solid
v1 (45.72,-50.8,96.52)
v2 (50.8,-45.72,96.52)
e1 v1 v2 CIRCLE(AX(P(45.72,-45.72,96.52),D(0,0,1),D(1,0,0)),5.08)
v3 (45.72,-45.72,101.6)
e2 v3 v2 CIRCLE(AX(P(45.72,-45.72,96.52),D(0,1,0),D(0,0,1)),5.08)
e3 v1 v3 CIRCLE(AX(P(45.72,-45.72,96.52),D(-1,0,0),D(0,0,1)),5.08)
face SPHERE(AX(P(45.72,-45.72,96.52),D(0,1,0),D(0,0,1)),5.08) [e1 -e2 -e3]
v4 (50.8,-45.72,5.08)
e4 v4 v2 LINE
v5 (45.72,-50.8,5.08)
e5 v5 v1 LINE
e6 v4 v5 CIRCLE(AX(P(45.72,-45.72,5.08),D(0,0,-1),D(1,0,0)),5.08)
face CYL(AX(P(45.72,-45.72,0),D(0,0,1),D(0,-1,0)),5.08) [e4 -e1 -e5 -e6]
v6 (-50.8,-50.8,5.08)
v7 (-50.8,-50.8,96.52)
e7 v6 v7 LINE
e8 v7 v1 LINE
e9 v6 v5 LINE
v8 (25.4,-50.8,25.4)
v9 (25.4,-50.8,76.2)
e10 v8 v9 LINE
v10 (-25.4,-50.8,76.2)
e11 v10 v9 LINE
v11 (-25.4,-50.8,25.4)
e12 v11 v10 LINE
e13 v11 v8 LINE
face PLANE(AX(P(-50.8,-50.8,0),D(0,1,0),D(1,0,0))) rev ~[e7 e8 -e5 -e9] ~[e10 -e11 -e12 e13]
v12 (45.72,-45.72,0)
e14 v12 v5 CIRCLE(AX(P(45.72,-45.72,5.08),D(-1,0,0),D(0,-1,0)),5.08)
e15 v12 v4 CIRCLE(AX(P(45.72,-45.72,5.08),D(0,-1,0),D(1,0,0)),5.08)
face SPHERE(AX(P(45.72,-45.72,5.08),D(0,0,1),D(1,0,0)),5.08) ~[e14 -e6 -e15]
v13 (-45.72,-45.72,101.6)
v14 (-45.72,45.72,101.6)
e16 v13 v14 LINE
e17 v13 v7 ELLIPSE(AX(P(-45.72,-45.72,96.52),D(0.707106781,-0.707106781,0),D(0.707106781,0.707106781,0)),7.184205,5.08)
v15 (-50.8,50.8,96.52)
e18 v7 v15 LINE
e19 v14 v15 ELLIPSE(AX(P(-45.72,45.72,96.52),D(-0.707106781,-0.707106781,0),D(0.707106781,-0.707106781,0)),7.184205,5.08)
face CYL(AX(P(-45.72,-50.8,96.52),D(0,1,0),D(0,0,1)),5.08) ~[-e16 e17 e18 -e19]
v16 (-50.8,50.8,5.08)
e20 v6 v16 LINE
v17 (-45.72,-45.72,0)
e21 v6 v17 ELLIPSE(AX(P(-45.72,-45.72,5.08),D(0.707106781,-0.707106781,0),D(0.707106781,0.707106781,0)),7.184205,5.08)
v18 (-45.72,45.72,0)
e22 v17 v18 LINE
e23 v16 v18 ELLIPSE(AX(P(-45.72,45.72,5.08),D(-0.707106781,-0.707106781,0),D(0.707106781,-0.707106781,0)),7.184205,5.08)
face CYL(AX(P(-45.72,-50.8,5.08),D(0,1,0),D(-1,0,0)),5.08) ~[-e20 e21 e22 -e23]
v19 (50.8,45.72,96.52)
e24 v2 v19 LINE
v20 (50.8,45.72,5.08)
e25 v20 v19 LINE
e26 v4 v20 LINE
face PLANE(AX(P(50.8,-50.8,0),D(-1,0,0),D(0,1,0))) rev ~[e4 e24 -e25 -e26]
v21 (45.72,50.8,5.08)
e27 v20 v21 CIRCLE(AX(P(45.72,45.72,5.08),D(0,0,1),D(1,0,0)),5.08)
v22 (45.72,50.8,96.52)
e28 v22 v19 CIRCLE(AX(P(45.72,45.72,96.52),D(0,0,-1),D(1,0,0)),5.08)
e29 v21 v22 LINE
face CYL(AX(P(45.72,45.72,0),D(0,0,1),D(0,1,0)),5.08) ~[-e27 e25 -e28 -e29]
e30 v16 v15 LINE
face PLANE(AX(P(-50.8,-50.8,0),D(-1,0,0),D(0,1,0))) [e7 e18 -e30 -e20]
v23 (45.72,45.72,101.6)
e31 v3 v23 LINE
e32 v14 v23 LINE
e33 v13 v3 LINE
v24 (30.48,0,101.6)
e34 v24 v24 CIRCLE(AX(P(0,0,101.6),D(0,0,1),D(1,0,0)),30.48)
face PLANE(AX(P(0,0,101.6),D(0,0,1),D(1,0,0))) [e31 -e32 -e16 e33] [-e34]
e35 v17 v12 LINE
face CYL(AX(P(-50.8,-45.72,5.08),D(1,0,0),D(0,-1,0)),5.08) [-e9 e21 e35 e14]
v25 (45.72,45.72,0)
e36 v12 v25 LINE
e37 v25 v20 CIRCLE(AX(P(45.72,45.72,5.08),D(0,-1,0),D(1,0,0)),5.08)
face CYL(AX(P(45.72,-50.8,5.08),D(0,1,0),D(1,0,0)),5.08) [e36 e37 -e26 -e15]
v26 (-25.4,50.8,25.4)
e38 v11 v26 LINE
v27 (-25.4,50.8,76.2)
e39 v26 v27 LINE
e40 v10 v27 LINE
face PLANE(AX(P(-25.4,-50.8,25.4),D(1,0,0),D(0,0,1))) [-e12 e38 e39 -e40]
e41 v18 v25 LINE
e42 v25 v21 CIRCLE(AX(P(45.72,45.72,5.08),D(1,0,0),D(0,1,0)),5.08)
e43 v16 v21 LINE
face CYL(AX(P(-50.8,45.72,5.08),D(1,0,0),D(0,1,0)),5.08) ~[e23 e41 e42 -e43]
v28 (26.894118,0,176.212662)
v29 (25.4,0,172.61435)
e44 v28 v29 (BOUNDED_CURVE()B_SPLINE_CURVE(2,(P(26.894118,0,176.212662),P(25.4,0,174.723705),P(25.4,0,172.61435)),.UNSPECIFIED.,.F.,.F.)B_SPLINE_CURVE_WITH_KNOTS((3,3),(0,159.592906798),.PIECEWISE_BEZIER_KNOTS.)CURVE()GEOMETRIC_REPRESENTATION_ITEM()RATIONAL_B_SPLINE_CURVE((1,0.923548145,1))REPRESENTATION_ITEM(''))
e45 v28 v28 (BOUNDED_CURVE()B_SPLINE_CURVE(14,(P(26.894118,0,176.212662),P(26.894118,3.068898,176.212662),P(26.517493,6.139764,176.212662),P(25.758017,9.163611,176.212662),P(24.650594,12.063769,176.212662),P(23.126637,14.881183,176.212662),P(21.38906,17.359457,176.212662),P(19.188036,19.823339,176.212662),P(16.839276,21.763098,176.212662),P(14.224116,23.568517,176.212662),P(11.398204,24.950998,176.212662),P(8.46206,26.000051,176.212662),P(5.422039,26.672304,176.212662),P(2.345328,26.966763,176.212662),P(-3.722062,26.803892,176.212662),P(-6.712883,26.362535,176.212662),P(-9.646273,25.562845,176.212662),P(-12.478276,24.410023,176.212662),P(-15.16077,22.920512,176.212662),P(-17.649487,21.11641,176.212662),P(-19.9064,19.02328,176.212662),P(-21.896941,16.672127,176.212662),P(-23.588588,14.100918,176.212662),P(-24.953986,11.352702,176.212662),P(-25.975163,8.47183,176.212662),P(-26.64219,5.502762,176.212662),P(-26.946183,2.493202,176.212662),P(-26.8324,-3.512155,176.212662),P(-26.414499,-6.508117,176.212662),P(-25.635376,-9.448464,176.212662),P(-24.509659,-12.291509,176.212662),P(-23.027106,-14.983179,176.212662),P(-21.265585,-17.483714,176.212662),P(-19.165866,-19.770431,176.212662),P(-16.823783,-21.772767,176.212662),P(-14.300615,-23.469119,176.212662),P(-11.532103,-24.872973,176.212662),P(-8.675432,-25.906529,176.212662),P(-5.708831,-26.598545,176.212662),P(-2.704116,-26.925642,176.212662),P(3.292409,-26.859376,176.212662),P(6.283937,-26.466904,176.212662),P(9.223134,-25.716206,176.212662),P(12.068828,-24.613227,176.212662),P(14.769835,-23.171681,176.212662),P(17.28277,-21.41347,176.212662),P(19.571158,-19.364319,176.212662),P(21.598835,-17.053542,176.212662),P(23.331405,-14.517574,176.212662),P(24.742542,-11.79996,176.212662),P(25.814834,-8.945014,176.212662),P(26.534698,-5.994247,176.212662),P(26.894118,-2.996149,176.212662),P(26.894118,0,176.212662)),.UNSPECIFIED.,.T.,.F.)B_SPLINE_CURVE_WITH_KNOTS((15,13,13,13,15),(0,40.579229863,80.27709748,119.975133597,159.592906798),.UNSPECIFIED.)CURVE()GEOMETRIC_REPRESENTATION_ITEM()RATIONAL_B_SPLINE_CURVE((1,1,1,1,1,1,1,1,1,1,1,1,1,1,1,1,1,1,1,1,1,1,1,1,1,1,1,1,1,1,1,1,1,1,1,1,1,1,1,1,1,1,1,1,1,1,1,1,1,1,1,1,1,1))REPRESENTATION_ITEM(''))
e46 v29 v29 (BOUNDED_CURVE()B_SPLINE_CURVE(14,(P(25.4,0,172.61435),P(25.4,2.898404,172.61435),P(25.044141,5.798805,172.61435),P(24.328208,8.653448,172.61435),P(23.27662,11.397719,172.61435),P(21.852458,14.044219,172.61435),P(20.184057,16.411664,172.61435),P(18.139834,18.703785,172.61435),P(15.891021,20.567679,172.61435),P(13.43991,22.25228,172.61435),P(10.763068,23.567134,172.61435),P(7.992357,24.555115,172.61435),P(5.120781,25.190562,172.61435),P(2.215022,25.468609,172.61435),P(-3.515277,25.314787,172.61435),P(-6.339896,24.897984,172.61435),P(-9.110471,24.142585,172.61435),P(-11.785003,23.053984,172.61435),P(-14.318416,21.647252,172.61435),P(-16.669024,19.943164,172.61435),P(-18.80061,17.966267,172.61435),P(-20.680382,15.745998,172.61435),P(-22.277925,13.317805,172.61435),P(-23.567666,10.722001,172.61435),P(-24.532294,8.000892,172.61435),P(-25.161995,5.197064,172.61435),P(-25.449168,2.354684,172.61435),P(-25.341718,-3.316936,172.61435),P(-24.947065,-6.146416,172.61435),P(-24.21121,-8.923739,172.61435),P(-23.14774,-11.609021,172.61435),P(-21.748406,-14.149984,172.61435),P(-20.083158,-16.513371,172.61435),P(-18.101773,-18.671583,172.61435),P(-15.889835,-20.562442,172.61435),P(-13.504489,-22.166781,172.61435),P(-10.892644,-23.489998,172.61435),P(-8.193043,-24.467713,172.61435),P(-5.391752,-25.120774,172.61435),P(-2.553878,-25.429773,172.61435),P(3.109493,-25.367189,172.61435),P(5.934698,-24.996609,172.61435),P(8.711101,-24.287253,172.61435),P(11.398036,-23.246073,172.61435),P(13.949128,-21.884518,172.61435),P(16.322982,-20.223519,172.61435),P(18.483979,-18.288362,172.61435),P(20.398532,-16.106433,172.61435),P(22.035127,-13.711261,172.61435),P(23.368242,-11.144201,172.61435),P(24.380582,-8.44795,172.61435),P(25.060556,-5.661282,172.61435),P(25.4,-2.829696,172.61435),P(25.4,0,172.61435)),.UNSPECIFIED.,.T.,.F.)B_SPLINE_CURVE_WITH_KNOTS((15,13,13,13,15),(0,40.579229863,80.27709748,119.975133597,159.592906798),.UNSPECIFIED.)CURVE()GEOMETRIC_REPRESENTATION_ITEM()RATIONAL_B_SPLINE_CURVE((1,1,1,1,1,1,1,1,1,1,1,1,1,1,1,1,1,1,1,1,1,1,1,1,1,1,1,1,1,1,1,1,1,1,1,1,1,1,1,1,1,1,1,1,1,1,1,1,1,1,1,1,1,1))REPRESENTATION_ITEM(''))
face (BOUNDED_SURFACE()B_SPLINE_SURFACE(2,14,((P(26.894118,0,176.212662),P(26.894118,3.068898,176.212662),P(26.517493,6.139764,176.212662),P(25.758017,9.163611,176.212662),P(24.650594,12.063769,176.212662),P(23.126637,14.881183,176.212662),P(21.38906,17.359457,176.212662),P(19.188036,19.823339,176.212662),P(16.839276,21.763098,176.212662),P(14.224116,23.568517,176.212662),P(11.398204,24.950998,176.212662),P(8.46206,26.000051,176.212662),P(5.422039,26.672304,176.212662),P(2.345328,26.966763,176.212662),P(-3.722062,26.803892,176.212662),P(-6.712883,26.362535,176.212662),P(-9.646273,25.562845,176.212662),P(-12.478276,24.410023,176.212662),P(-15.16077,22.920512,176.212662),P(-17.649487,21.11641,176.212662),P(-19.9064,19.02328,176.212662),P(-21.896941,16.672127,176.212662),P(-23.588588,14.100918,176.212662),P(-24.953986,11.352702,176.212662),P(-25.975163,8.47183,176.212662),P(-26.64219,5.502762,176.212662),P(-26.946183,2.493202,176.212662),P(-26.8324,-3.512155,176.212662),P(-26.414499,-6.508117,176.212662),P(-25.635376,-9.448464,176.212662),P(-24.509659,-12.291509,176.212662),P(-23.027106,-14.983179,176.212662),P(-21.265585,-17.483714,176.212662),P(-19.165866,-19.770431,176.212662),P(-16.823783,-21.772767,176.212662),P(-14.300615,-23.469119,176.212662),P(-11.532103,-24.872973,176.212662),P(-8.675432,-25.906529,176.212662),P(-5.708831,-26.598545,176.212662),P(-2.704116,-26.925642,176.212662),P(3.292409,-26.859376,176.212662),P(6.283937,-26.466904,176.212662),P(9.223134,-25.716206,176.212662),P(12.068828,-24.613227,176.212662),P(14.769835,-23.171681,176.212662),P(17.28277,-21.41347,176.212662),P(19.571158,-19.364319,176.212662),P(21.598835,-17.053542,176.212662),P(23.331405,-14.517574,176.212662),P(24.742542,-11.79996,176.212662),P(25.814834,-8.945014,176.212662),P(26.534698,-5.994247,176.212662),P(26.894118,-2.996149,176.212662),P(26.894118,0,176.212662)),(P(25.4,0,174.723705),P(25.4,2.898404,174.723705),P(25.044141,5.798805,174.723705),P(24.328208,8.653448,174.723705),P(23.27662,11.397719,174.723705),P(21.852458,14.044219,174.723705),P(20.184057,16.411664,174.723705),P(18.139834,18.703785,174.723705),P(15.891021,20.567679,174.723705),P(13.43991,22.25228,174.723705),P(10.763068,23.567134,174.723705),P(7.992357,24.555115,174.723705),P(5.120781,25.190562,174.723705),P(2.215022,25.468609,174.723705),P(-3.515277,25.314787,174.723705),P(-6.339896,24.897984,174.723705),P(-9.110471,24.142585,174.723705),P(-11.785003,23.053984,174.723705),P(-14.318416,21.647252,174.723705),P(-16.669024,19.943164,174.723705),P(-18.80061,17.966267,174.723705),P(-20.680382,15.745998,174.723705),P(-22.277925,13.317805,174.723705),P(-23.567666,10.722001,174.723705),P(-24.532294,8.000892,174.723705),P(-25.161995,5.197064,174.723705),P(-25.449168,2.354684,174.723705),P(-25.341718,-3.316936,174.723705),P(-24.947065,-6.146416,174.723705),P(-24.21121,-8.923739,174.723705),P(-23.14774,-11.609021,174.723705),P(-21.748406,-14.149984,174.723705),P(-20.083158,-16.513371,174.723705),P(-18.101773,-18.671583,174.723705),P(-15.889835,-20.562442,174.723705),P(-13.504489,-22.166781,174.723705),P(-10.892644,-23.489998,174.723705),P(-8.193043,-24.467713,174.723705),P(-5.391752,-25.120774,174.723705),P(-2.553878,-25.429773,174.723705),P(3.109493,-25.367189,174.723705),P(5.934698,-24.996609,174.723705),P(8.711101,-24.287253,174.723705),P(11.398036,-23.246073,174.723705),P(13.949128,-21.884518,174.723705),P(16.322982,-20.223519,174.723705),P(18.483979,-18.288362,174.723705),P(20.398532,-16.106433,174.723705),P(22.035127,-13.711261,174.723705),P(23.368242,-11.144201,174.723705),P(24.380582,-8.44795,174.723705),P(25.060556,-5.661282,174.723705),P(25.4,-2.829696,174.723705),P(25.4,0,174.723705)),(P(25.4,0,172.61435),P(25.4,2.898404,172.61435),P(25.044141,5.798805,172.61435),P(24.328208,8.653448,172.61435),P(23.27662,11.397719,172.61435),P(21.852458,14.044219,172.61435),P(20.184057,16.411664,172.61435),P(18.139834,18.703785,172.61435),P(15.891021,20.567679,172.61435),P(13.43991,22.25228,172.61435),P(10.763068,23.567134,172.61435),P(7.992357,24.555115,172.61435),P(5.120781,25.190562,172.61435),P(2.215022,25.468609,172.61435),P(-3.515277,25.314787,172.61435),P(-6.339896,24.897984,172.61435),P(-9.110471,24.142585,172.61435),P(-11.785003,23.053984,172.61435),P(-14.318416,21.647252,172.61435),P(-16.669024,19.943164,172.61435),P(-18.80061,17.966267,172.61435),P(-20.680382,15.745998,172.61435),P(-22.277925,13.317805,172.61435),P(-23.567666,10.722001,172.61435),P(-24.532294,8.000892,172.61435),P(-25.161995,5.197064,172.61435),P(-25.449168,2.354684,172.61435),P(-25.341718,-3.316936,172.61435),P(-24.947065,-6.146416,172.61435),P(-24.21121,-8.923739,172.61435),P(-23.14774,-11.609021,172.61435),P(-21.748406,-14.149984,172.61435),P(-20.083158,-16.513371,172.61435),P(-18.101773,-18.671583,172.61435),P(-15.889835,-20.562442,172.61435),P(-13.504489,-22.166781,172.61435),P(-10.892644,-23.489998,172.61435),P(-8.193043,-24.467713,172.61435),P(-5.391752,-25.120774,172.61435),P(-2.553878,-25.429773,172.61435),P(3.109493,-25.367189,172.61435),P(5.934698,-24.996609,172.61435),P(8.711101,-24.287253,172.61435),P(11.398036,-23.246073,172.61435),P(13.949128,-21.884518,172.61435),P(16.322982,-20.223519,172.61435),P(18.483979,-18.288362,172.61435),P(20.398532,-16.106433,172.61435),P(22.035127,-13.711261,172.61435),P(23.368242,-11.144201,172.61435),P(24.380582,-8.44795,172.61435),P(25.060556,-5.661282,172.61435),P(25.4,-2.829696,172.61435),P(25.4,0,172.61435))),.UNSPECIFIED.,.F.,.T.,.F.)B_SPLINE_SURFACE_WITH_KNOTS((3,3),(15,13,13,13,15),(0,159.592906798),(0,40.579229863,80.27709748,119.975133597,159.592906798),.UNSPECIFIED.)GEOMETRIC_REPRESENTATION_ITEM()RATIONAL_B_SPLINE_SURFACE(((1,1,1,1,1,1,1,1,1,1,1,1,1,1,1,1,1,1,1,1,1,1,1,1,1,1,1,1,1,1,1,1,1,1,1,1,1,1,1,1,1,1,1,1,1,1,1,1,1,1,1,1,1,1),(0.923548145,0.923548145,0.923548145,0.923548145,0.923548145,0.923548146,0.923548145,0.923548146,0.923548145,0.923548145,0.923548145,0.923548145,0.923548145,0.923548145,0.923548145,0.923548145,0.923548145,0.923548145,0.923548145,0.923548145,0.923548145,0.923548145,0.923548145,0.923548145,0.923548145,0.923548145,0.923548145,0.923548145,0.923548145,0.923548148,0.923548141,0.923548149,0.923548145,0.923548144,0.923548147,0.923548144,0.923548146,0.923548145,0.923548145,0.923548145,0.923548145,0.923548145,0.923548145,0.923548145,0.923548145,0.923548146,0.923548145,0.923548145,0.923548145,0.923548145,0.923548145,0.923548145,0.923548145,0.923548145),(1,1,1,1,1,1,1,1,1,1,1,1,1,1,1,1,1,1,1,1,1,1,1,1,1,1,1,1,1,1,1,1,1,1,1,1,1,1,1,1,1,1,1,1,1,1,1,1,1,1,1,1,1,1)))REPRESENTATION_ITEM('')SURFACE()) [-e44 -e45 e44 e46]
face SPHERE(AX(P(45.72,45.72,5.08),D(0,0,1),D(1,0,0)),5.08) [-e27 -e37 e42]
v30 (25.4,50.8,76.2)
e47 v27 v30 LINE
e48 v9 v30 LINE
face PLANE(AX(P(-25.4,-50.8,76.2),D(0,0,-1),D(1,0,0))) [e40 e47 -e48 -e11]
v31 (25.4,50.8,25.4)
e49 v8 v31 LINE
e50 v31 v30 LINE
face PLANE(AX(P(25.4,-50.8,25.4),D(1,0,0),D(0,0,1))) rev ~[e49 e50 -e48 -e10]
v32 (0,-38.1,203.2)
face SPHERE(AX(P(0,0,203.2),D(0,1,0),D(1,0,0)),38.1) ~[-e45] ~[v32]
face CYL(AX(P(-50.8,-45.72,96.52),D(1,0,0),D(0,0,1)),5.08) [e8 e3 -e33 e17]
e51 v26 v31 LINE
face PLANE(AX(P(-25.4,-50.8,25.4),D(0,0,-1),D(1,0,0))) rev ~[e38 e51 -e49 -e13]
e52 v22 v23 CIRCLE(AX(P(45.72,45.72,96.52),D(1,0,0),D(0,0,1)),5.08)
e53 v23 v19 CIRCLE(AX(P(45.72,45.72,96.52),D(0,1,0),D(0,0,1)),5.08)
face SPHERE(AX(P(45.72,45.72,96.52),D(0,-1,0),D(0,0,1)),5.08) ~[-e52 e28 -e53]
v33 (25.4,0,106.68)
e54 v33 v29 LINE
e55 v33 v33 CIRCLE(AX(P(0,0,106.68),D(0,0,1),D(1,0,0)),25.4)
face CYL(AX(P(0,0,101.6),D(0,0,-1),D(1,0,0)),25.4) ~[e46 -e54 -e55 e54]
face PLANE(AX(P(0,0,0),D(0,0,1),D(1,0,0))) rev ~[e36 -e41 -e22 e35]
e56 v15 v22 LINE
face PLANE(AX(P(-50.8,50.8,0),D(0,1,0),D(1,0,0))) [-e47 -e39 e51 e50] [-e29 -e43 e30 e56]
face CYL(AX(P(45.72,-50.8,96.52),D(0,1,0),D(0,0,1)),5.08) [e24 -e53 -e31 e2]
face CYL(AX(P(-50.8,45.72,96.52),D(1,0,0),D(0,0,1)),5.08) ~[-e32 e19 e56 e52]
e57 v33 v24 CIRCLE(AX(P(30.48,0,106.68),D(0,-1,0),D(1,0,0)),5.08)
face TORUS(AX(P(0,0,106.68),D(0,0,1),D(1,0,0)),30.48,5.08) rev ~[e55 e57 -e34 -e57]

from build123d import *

# Parameters (mm, degrees)
F0_W     = 101.6
F0_H     = 101.6
F1_DEPTH = 101.6
F2_R     = 25.4
F3_DEPTH = 101.6
F6_W     = 50.8
F6_H     = 50.8
F7_DEPTH = 101.6
F8_R     = 5.08


with BuildPart() as f1:
    # F0 (on Top) → F1 (new body)
    with BuildSketch(Plane.XY):
        Rectangle(F0_W, F0_H)
    extrude(amount=F1_DEPTH)

    # F2 (on face) → F3 (join)
    with BuildSketch(Plane.XY.offset(101.6)):
        Circle(F2_R)
    extrude(amount=F3_DEPTH)

    # F4 (on face) → F5 (revolve)
    with BuildSketch(Plane.XY.offset(203.2)):
        with BuildLine():
            Line((0, -25.4), (0, -38.1))
            ThreePointArc((0, -38.1), (38.1, 0), (0, 38.1))
            Line((0, 38.1), (0, 25.4))
            ThreePointArc((0, 25.4), (17.9605122421, 17.9605122421), (25.4, 0))
            ThreePointArc((25.4, 0), (17.9605122421, -17.9605122421), (0, -25.4))
        make_face()
        with BuildLine():
            Line((0, 25.4), (0, -25.4))
            ThreePointArc((0, -25.4), (17.9605122421, -17.9605122421), (25.4, 0))
            ThreePointArc((25.4, 0), (17.9605122421, 17.9605122421), (0, 25.4))
        make_face()
    revolve(axis=Axis((0, 0, 203.2), (0, -1, 0)))

    # F6 (on face) → F7 (cut)
    with BuildSketch(Plane.XZ.offset(50.8)):
        with Locations((0, 50.8)):
            Rectangle(F6_W, F6_H)
    extrude(amount=-F7_DEPTH, mode=Mode.SUBTRACT)

    # F8
    f8_edges = [f1.edges().sort_by_distance(p)[0] for p in [
        (-25.4, 0, 101.6),
        (25.4, 0, 138.200968),
        (-25.4, 0, 174.801937),
        (50.8, 0, 101.6),
        (0, -50.8, 101.6),
        (0, 50.8, 101.6),
        (-50.8, 0, 101.6),
        (50.8, -50.8, 50.8),
        (50.8, 50.8, 50.8),
        (50.8, 0, 0),
        (0, 50.8, 0),
        (-50.8, 0, 0),
        (0, -50.8, 0),
    ]]
    fillet(f8_edges, radius=F8_R)


solid = f1.part
